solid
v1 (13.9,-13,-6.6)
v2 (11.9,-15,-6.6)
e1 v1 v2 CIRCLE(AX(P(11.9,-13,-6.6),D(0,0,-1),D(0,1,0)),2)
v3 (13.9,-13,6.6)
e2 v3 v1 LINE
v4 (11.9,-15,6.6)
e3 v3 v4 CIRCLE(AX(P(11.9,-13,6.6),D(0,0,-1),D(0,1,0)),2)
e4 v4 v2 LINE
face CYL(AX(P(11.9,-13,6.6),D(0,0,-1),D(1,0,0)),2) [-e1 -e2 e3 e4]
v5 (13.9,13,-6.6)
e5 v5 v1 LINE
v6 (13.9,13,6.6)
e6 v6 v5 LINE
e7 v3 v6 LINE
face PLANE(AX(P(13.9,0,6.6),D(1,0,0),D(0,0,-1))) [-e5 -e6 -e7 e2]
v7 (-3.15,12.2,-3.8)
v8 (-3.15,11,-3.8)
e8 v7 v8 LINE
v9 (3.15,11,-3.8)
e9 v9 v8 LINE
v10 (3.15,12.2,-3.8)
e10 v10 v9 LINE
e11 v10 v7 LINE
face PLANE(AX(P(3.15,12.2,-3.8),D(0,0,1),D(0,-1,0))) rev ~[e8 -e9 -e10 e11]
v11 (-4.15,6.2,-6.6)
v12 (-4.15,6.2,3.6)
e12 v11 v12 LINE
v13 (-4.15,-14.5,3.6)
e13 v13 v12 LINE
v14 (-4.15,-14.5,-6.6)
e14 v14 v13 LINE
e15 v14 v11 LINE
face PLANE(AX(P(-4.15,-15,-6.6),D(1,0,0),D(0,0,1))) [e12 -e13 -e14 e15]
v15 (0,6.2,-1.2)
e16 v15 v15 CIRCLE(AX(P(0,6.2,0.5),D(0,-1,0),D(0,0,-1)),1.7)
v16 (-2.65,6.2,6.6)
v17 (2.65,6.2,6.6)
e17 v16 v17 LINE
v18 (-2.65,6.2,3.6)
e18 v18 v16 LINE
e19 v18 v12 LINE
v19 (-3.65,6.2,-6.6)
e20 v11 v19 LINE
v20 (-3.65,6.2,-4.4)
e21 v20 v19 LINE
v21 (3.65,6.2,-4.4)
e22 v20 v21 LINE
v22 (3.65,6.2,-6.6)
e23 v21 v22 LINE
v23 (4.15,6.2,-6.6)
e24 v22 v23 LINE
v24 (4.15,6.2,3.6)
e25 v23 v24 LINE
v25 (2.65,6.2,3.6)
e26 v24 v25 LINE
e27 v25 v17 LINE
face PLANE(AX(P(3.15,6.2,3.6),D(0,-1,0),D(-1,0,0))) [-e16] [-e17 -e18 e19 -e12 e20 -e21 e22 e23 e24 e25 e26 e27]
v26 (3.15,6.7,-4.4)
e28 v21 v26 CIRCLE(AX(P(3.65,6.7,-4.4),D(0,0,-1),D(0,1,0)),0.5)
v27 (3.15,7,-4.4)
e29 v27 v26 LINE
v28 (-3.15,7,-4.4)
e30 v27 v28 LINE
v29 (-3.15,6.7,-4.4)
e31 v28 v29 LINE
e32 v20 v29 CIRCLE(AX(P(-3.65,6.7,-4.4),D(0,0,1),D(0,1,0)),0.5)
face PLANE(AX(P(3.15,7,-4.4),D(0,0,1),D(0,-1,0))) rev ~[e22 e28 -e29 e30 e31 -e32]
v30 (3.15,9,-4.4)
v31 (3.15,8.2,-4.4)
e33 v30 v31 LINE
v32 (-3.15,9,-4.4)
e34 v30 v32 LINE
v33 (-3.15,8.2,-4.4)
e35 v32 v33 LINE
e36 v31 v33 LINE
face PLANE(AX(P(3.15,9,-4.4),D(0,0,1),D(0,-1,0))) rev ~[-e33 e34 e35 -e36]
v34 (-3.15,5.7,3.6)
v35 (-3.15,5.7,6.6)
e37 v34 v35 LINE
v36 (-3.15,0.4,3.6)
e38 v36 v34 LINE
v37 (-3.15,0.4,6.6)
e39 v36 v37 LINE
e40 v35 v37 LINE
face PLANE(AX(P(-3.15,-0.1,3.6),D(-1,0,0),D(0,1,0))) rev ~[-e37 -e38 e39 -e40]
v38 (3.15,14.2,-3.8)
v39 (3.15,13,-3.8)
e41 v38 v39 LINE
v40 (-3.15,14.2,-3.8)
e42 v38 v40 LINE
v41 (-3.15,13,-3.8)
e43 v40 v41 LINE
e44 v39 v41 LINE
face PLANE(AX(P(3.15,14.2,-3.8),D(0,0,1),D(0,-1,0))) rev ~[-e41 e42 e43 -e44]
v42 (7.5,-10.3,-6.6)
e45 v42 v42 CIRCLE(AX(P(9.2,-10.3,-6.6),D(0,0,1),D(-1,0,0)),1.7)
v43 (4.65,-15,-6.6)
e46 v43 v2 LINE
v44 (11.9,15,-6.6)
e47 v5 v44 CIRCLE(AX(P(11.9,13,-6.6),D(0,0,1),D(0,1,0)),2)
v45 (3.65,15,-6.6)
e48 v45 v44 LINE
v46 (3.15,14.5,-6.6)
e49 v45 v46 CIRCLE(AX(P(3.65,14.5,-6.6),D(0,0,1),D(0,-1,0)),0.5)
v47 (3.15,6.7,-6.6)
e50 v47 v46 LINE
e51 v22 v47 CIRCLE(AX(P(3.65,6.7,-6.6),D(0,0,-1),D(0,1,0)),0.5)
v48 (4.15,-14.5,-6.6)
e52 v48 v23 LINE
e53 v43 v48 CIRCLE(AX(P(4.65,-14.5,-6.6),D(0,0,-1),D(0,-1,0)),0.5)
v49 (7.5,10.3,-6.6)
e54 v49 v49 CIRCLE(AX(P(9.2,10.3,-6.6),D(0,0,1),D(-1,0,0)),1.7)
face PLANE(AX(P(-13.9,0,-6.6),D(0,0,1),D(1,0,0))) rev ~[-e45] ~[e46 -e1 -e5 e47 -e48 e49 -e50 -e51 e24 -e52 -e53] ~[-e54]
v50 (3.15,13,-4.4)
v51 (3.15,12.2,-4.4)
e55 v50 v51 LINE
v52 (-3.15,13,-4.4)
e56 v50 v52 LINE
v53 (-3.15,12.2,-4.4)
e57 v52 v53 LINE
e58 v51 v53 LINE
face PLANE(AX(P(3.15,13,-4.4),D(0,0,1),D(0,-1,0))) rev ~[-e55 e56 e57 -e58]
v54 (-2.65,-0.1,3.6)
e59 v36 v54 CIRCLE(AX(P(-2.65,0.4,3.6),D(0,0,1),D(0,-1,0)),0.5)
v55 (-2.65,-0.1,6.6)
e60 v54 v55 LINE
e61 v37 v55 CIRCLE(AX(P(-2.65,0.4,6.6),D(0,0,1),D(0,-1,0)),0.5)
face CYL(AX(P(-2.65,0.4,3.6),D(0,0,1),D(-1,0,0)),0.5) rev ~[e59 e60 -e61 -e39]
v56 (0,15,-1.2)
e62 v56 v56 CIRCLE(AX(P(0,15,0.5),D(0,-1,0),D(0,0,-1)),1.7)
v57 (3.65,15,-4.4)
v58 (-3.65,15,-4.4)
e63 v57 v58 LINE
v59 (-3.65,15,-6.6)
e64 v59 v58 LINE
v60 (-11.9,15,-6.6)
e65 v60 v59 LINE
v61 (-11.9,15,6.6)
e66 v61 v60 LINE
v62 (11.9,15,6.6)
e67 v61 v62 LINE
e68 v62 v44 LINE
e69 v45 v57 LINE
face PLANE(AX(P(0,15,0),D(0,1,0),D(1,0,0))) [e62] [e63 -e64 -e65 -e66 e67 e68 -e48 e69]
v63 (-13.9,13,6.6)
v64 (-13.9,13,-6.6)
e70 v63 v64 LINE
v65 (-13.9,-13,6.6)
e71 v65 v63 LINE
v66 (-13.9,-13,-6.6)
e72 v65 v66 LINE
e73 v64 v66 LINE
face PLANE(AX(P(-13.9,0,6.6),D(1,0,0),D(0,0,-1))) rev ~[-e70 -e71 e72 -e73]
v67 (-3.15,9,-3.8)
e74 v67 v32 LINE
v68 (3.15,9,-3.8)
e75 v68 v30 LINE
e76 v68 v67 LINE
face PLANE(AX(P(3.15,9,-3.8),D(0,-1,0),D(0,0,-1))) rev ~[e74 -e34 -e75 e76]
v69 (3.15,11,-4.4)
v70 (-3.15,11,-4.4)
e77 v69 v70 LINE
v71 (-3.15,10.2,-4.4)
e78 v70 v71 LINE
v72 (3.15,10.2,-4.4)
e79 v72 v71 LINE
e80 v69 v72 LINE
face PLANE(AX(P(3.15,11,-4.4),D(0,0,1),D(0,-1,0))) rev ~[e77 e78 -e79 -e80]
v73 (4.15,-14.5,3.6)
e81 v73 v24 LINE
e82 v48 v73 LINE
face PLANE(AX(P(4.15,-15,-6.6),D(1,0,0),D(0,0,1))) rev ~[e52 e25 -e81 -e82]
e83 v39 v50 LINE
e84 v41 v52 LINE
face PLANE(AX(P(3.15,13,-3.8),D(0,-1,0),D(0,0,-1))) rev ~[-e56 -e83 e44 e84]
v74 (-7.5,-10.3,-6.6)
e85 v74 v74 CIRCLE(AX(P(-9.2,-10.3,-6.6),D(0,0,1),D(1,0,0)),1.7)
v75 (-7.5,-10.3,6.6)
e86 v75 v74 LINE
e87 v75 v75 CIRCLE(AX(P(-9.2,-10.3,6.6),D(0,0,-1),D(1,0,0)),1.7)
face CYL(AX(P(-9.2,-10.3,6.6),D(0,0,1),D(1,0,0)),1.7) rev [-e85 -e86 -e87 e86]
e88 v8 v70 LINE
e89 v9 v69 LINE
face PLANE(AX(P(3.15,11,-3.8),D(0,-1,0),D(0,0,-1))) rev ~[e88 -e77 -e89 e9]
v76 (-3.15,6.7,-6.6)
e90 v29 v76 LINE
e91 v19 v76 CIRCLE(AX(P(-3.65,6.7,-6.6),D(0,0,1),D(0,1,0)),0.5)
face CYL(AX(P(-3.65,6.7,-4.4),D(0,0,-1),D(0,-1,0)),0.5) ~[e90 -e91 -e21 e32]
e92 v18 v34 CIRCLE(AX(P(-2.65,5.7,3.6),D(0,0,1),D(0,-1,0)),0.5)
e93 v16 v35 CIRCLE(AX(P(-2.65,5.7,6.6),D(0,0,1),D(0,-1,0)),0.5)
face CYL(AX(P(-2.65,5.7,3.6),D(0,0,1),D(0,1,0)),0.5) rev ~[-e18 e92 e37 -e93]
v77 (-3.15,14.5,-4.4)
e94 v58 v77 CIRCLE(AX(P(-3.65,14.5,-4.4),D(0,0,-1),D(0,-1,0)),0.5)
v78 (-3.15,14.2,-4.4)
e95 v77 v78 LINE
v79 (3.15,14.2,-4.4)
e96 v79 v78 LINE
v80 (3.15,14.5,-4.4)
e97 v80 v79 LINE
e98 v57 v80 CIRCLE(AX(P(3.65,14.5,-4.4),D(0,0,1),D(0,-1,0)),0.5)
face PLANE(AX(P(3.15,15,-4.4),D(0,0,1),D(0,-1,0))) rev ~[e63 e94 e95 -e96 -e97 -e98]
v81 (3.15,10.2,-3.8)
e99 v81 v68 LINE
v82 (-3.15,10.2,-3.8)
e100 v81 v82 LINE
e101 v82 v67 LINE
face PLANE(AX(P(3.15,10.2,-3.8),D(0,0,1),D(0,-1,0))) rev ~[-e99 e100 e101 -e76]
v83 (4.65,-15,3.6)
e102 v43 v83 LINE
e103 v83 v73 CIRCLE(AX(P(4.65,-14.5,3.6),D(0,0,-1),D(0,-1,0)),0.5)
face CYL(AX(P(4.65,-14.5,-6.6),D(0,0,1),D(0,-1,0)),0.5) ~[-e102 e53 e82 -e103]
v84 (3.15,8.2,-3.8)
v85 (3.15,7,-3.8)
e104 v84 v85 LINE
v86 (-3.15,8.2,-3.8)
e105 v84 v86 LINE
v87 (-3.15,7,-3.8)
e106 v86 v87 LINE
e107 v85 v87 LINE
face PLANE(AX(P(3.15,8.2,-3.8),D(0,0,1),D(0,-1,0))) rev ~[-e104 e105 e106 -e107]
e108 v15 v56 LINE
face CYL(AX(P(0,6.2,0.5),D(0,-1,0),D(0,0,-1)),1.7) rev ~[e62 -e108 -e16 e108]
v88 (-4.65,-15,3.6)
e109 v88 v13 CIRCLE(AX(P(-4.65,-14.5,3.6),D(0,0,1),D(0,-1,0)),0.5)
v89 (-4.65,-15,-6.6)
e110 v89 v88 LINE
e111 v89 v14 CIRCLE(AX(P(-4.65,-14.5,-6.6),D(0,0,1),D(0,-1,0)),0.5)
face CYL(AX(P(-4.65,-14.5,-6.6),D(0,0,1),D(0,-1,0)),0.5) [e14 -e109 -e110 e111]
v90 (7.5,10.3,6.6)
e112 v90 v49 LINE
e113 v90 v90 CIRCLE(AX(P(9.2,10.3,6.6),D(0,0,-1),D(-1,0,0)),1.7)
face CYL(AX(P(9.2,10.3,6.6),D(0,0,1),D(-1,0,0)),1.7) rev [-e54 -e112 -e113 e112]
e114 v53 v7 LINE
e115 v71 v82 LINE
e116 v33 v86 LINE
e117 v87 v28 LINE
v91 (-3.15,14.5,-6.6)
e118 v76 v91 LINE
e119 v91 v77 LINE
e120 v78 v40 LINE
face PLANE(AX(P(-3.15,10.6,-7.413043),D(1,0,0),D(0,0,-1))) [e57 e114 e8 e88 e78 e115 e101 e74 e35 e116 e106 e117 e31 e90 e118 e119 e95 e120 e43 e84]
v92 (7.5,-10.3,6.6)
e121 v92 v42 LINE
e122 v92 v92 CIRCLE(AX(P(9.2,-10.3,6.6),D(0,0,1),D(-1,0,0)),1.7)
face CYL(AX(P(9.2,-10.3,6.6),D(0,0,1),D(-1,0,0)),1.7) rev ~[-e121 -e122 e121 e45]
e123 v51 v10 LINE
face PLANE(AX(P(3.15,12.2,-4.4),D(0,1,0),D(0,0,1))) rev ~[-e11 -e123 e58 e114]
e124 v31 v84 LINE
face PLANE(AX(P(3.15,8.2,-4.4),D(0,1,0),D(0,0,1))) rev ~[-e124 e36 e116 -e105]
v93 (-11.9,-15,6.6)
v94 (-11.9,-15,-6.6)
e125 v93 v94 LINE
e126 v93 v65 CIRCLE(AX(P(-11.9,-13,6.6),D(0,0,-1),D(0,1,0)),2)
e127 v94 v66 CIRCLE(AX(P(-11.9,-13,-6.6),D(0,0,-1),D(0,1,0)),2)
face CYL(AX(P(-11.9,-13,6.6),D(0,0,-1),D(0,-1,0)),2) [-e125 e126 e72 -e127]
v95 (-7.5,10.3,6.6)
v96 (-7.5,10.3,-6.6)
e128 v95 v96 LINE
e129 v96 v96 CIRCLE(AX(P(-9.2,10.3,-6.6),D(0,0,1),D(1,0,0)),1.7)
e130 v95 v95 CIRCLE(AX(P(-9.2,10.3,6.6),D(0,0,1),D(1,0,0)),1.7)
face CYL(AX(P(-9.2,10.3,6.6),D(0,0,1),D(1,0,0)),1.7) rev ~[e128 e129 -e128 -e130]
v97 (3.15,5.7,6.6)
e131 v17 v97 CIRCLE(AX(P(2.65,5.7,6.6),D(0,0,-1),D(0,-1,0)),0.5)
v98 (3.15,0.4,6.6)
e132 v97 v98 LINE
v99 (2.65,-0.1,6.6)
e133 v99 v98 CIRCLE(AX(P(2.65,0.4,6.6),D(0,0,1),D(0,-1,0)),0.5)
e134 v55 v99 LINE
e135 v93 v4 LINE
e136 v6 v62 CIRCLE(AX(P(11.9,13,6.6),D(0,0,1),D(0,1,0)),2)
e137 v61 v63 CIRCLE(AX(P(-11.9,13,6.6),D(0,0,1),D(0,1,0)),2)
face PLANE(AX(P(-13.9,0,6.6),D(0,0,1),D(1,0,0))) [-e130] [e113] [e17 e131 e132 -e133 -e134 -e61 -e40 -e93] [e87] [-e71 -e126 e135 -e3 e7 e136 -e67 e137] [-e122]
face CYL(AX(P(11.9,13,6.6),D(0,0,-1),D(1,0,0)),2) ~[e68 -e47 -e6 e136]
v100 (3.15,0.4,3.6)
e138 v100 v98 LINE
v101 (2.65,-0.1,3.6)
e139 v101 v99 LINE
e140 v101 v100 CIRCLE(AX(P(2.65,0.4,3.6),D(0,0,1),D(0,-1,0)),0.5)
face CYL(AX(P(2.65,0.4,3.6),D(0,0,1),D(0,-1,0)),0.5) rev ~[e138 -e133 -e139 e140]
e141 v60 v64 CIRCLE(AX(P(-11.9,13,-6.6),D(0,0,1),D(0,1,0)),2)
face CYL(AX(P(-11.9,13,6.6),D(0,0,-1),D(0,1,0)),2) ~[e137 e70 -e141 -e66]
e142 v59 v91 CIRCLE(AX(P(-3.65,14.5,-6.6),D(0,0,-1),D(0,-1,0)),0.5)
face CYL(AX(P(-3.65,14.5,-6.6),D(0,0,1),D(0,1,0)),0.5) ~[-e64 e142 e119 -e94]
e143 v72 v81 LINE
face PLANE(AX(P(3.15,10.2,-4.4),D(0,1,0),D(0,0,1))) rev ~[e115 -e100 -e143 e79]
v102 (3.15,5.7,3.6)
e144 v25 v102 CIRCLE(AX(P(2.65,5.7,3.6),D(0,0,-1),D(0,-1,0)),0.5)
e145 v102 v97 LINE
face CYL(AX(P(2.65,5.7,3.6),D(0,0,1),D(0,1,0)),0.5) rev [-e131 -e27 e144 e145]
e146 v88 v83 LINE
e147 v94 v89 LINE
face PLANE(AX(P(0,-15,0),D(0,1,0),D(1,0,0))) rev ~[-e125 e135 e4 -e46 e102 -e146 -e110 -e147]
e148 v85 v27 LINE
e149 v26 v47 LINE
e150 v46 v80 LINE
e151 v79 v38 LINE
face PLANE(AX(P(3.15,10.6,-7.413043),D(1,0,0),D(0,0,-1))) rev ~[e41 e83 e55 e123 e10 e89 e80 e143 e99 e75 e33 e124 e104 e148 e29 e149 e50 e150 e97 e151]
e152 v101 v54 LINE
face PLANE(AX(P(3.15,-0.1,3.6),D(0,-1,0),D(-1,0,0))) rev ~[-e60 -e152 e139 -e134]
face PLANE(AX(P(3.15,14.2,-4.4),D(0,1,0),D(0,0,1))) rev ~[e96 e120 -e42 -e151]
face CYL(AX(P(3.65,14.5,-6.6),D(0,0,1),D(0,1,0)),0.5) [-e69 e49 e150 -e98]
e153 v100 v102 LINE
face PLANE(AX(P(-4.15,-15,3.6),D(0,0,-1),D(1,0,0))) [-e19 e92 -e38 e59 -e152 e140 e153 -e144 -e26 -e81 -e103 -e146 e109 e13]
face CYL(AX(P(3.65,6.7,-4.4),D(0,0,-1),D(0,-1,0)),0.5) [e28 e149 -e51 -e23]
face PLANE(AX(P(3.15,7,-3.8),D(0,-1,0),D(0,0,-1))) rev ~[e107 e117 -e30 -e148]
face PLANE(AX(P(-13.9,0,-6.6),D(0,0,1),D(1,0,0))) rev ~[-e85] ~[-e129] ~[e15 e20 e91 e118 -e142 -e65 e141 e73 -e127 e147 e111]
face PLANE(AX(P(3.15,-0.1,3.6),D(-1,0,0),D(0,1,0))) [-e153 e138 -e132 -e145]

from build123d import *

# Parameters (mm, degrees)
SKETCH2_W               = 27.8
SKETCH2_H               = 13.2
BOSS_EXTRUDE1_DEPTH     = 15
SKETCH7_R               = 1.7
CUT_EXTRUDE1_DEPTH      = 25.340295808
MIRROR2_COPY_1_SKETCH_R = 1.7
MIRROR2_COPY_1_DEPTH    = 25.340295808
SKETCH8_W               = 8.3
SKETCH8_H               = 10.2
CUT_EXTRUDE2_DEPTH      = 21.2
CUT_EXTRUDE5_START      = 1
CUT_EXTRUDE5_DEPTH      = 6.3
SKETCH12_W              = 6.3
SKETCH12_H              = 6.3
CUT_EXTRUDE6_DEPTH      = 23.852789764
FILLET4_R               = 0.5
FILLET3_R               = 2
FILLET5_R               = 0.5
SKETCH13_R              = 1.7
CUT_EXTRUDE7_DEPTH      = 27.195610319


with BuildPart() as part:
    # Sketch2 → Boss-Extrude1 (new, symmetric)
    with BuildSketch(Plane(origin=(0, 0, 0), x_dir=(1, 0, 0), z_dir=(0, 1, 0))):
        Rectangle(SKETCH2_W, SKETCH2_H)
    extrude(amount=BOSS_EXTRUDE1_DEPTH, both=True)

    # Sketch7 → Cut-Extrude1 (cut, through all)
    with BuildSketch(Plane.XY.offset(6.6)):
        with Locations((-9.2, 10.3)):
            Circle(SKETCH7_R)
    cut_extrude1 = extrude(amount=-CUT_EXTRUDE1_DEPTH, mode=Mode.SUBTRACT)

    # Mirror1: Cut-Extrude1 across plane
    add(cut_extrude1.mirror(Plane(origin=(0, 0, 0), x_dir=(0, 0, 1), z_dir=(1, 0, 0))), mode=Mode.SUBTRACT)

    # Mirror2: Cut-Extrude1 across plane
    add(cut_extrude1.mirror(Plane.ZX), mode=Mode.SUBTRACT)

    # Mirror2 copy 1 sketch → Mirror2 copy 1 (cut, through all)
    with BuildSketch(Plane(origin=(0, 0, 6.6), x_dir=(-1, 0, 0), z_dir=(0, 0, 1))):
        with Locations((-9.2, 10.3)):
            Circle(MIRROR2_COPY_1_SKETCH_R)
    extrude(amount=-MIRROR2_COPY_1_DEPTH, mode=Mode.SUBTRACT)

    # Sketch8 → Cut-Extrude2 (cut)
    with BuildSketch(Plane.XZ.offset(15)):
        with Locations((0, -1.5)):
            Rectangle(SKETCH8_W, SKETCH8_H)
    extrude(amount=-CUT_EXTRUDE2_DEPTH, mode=Mode.SUBTRACT)

    # Sketch11 → Cut-Extrude5 (cut)
    with BuildSketch(Plane.ZY.offset(-4.15).offset(CUT_EXTRUDE5_START)):
        Polygon((-11.6, 15), (-4.4, 15), (-4.4, 14.2), (-3.8, 14.2), (-3.8, 13), (-4.4, 13), (-4.4, 12.2), (-3.8, 12.2), (-3.8, 11), (-4.4, 11), (-4.4, 10.2), (-3.8, 10.2), (-3.8, 9), (-4.4, 9), (-4.4, 8.2), (-3.8, 8.2), (-3.8, 7), (-4.4, 7), (-4.4, 6.2), (-11.6, 6.2), align=None)
    extrude(amount=CUT_EXTRUDE5_DEPTH, mode=Mode.SUBTRACT)

    # Sketch12 → Cut-Extrude6 (cut, through all)
    with BuildSketch(Plane(origin=(0, 0, 3.6), x_dir=(-1, 0, 0), z_dir=(0, 0, -1))):
        with Locations((0, 3.05)):
            Rectangle(SKETCH12_W, SKETCH12_H)
    extrude(amount=-CUT_EXTRUDE6_DEPTH, mode=Mode.SUBTRACT)

    # Fillet4
    fillet4_edges = [part.edges().sort_by_distance(p)[0] for p in [
        (-3.15, 6.2, 5.1),
        (-3.15, -0.1, 5.1),
        (3.15, -0.1, 5.1),
        (3.15, 6.2, 5.1),
    ]]
    fillet(fillet4_edges, radius=FILLET4_R)

    # Fillet3
    fillet3_edges = [part.edges().sort_by_distance(p)[0] for p in [
        (-13.9, 15, 0),
        (13.9, 15, 0),
        (-13.9, -15, 0),
        (13.9, -15, 0),
    ]]
    fillet(fillet3_edges, radius=FILLET3_R)

    # Fillet5
    fillet5_edges = [part.edges().sort_by_distance(p)[0] for p in [
        (4.15, -15, -1.5),
        (-4.15, -15, -1.5),
        (-3.15, 6.2, -5.5),
        (3.15, 6.2, -5.5),
        (3.15, 15, -5.5),
        (-3.15, 15, -5.5),
    ]]
    fillet(fillet5_edges, radius=FILLET5_R)

    # Sketch13 → Cut-Extrude7 (cut, through all)
    with BuildSketch(Plane.XZ.offset(-6.2)):
        with Locations(Location((0, 0.5, 0), (0, 0, 270))):
            Circle(SKETCH13_R)
    extrude(amount=-CUT_EXTRUDE7_DEPTH, mode=Mode.SUBTRACT)


solid = part.part
